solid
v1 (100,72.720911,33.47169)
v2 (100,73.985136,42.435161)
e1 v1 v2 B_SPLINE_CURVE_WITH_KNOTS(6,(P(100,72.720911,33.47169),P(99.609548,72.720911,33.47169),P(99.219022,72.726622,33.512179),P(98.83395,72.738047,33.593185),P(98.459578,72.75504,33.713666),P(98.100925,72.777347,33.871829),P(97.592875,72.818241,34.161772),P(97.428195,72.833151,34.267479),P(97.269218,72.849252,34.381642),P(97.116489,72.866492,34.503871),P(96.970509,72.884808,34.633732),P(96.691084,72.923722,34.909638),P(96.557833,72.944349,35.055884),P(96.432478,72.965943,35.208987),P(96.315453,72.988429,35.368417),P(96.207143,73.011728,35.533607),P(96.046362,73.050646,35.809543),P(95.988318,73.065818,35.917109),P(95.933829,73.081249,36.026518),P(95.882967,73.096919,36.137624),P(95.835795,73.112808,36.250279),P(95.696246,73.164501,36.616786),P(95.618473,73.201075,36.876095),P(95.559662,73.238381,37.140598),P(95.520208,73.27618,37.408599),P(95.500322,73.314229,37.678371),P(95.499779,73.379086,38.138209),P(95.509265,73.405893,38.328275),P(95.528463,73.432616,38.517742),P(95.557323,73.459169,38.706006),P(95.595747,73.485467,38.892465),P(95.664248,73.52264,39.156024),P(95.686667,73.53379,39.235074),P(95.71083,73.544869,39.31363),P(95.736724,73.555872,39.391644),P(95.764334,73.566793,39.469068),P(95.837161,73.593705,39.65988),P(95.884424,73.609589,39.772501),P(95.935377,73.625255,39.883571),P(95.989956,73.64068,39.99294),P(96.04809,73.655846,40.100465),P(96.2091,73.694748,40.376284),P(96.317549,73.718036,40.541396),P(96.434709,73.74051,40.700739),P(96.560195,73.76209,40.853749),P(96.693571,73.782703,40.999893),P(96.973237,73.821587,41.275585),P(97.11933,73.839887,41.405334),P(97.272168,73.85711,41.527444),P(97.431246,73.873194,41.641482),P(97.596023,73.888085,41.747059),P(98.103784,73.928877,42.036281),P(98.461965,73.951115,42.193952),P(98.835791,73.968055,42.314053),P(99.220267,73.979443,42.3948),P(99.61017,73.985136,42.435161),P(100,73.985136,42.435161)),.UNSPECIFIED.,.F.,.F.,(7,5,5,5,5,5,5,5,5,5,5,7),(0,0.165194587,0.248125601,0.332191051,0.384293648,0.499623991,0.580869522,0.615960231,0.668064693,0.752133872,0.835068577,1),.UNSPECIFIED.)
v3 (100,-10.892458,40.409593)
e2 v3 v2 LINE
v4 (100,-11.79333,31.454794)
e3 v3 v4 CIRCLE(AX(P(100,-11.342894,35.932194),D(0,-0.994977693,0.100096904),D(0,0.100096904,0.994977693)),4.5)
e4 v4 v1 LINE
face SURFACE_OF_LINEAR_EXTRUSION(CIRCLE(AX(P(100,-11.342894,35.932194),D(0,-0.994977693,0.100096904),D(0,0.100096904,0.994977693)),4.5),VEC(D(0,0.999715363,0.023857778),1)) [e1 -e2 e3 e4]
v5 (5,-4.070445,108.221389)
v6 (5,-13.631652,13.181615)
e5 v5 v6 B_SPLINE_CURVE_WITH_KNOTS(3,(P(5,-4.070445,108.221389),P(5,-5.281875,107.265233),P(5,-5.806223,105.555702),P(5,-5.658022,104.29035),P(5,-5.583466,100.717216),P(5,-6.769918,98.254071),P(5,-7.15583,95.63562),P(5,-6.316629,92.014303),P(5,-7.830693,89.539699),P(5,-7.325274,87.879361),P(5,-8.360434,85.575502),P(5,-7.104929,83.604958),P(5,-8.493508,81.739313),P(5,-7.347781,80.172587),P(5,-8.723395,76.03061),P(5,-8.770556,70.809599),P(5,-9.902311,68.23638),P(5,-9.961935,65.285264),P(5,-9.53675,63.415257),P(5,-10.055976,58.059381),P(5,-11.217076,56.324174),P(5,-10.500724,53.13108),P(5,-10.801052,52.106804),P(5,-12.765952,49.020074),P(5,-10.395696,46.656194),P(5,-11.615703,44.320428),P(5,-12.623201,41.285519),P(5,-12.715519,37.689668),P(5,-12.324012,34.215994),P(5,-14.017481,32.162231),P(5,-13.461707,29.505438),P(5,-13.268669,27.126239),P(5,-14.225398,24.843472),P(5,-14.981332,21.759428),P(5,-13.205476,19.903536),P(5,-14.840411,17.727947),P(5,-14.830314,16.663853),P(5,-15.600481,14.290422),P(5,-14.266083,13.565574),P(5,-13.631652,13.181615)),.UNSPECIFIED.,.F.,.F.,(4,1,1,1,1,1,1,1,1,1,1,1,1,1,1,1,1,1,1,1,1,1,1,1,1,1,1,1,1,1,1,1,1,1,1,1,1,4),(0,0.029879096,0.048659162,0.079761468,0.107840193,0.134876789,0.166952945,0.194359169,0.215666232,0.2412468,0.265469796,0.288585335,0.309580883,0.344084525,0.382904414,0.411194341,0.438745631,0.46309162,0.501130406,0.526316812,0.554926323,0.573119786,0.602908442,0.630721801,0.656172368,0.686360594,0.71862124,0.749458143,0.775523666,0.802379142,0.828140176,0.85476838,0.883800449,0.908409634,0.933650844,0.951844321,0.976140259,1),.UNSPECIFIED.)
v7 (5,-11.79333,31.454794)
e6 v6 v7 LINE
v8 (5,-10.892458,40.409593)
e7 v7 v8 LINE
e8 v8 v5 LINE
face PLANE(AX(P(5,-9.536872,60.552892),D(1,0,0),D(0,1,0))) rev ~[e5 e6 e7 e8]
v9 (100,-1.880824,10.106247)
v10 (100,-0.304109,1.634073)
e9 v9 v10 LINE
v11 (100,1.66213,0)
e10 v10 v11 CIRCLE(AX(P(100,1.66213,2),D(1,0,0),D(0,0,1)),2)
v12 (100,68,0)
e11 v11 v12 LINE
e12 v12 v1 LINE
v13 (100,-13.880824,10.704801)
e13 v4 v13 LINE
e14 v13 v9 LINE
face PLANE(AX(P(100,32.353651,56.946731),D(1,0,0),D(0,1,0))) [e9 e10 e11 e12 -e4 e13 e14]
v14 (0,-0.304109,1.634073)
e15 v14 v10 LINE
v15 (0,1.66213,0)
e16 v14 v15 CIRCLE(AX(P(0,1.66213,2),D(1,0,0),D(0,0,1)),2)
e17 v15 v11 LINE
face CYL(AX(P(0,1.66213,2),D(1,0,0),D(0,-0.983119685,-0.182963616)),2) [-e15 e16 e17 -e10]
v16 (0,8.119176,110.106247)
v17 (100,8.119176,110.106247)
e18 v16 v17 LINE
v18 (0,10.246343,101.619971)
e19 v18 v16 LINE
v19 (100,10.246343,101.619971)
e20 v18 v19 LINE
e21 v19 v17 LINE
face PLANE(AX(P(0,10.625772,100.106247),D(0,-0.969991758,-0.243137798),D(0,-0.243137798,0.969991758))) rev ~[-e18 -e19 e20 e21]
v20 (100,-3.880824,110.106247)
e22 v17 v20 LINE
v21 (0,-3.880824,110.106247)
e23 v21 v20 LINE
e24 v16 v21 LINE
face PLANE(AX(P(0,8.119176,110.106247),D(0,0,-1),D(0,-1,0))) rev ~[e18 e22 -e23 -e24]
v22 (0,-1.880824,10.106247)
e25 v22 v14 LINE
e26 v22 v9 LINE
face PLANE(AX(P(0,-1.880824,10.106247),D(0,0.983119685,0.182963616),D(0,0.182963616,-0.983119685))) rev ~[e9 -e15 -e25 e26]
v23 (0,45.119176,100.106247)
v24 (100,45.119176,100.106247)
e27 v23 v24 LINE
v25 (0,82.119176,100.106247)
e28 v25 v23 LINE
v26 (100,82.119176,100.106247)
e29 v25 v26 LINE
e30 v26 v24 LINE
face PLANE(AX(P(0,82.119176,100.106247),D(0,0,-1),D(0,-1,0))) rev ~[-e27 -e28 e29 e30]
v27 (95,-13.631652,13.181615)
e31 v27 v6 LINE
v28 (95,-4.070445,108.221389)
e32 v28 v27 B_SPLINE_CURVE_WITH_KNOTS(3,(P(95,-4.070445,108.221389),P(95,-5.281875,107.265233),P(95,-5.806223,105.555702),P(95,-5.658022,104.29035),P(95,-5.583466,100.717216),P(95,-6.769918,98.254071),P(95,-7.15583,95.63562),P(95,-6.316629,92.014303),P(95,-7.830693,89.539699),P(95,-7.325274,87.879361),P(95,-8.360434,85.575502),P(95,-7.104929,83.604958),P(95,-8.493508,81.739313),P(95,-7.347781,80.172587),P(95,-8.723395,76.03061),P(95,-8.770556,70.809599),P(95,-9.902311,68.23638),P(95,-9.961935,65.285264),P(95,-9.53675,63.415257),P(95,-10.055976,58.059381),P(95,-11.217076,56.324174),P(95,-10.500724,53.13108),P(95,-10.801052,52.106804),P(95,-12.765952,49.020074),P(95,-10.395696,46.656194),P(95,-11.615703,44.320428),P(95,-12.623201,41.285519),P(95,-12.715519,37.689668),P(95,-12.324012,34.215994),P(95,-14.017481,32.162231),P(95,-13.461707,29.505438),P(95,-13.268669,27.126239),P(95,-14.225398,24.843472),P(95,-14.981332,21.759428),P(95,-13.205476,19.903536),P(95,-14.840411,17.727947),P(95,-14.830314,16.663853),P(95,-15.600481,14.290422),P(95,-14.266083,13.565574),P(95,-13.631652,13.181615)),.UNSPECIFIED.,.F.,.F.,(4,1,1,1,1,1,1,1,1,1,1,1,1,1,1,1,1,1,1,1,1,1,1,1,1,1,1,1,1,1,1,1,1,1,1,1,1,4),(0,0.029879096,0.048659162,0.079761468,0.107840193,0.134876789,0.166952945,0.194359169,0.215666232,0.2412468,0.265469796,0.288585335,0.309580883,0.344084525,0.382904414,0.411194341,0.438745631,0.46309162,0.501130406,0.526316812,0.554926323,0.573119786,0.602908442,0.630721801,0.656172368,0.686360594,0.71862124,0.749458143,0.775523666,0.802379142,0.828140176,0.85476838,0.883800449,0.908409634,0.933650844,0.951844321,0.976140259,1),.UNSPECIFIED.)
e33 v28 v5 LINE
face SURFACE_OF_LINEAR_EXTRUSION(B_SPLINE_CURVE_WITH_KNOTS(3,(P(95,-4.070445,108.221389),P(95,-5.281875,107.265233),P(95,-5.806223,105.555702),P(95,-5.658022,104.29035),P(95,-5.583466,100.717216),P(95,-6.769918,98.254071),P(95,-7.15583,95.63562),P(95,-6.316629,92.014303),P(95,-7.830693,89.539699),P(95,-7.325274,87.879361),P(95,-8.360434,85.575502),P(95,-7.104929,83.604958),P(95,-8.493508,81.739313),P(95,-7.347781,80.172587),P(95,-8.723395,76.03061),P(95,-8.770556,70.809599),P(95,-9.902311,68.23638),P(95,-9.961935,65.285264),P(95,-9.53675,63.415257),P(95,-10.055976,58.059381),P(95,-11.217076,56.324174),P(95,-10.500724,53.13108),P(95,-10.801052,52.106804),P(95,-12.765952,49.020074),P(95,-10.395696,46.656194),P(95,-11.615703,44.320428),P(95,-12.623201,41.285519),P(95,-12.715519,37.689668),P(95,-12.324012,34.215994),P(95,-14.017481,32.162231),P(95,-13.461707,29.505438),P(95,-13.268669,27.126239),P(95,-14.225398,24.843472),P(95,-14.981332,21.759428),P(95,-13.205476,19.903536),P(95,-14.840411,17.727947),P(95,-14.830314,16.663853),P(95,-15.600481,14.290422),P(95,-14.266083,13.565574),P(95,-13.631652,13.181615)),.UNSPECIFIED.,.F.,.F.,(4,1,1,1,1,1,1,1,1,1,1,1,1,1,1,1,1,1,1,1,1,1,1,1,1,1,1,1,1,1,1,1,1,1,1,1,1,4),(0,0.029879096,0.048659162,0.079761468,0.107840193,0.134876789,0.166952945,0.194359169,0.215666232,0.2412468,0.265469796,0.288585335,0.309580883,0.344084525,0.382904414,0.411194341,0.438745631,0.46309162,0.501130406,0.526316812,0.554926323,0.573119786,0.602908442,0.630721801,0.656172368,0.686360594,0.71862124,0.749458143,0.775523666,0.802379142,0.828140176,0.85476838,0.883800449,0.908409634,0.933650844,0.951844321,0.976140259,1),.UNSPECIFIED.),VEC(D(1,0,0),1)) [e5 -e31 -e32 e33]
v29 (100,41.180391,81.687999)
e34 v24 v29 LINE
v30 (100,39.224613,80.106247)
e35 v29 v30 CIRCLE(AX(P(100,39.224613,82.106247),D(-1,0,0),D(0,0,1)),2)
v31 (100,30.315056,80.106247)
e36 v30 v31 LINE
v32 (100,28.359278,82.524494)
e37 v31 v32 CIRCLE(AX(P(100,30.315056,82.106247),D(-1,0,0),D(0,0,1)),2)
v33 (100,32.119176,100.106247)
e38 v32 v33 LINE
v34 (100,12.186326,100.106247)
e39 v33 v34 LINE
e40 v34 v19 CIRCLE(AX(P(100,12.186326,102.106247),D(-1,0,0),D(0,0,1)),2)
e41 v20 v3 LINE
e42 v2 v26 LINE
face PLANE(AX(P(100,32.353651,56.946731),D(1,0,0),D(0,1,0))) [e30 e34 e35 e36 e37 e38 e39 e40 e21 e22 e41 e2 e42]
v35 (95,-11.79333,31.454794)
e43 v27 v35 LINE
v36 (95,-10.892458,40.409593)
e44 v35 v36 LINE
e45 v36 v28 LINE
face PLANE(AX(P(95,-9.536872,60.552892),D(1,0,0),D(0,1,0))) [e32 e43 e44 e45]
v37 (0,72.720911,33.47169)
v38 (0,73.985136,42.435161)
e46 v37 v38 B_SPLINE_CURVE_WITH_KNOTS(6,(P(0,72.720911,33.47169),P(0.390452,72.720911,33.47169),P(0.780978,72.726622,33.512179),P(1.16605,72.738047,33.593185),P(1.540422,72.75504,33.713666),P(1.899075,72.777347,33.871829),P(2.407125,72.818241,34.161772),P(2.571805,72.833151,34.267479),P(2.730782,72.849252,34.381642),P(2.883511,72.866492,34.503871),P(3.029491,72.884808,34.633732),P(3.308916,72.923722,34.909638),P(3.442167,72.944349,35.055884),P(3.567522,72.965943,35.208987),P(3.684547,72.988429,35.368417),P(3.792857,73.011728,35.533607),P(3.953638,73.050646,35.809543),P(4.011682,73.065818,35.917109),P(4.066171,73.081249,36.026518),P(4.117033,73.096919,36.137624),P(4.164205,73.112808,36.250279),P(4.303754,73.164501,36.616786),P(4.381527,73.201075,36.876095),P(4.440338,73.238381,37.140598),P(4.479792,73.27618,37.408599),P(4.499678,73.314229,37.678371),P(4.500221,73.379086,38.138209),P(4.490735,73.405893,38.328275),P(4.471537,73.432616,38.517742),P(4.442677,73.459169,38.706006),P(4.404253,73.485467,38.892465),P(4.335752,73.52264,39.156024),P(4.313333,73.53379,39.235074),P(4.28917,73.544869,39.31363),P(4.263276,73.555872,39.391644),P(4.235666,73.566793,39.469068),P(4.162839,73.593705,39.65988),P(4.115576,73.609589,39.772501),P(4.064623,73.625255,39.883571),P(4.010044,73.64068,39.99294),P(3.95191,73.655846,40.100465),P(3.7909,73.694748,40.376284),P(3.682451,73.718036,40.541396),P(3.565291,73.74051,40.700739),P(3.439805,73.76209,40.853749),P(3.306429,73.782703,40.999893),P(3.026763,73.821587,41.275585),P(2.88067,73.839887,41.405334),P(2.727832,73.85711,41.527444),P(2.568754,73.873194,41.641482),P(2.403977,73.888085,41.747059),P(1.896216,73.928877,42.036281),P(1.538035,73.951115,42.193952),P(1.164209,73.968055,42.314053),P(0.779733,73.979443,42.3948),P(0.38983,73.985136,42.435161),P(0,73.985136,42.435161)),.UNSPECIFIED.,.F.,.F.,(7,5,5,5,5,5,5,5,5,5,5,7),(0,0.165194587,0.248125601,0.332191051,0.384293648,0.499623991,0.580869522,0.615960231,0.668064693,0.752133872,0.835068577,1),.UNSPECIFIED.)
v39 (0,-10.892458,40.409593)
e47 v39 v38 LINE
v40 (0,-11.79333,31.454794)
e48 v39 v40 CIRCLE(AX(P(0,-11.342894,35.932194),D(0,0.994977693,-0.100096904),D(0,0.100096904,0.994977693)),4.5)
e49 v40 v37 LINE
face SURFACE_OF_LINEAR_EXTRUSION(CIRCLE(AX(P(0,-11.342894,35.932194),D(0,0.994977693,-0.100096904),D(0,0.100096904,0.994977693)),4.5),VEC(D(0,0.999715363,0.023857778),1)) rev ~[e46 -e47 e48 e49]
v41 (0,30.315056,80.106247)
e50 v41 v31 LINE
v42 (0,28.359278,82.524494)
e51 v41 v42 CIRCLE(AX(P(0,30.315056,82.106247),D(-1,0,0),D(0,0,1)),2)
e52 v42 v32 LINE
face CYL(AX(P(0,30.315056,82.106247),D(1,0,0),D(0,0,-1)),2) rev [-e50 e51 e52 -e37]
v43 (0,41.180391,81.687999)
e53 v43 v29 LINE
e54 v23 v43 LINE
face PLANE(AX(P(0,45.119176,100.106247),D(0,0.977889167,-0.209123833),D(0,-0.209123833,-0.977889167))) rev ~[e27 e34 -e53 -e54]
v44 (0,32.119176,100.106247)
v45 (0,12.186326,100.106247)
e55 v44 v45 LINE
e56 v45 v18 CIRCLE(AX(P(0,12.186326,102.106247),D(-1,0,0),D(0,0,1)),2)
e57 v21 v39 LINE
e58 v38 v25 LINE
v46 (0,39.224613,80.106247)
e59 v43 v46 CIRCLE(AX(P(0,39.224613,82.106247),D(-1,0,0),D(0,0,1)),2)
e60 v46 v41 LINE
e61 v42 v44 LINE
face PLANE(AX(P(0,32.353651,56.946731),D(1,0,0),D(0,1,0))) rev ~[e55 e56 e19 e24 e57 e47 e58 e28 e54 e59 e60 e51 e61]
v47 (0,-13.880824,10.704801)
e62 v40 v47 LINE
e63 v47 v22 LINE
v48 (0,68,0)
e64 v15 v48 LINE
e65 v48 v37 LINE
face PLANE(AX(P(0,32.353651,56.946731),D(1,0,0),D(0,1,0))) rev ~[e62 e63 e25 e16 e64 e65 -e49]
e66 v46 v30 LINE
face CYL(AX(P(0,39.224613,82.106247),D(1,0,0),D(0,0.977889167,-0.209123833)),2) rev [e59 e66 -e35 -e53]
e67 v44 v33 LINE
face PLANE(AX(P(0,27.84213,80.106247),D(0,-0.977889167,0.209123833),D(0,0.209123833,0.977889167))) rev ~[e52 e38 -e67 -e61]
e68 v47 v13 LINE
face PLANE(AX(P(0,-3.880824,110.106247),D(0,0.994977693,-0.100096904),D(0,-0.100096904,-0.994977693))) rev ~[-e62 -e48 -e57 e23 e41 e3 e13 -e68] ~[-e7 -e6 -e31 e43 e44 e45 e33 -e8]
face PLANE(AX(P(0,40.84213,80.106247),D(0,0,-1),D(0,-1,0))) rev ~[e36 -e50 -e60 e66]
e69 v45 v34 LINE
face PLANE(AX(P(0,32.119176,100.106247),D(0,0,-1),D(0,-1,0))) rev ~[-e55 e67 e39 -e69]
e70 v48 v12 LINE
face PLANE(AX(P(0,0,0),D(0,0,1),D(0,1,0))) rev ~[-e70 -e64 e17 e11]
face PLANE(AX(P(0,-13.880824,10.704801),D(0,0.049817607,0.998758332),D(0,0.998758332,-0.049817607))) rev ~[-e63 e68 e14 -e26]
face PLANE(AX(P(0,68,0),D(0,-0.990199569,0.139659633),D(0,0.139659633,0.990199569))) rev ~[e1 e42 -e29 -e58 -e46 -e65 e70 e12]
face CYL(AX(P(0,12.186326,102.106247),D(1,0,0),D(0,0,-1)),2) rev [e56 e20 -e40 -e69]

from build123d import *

# Parameters (mm, degrees)
F1_DEPTH  = 100
F2_R      = 2
F11_DEPTH = 90


with BuildPart() as f1:
    # F0 (on Right) → F1 (new body)
    with BuildSketch(Plane.YZ):
        Polygon((-1.8808243613, 10.1062467694), (0, 0), (68, 0), (82.1191756387, 100.1062467694), (45.1191756387, 100.1062467694), (40.842129928, 80.1062467694), (27.842129928, 80.1062467694), (32.1191756387, 100.1062467694), (10.6257721782, 100.1062467694), (8.1191756387, 110.1062467694), (-3.8808243613, 110.1062467694), (-13.8808243613, 10.7048012534), align=None)
    extrude(amount=F1_DEPTH)

    # F2
    f2_edges = [f1.edges().sort_by_distance(p)[0] for p in [
        (50, 10.625772, 100.106247),
        (50, 27.84213, 80.106247),
        (50, 40.84213, 80.106247),
        (50, 0, 0),
    ]]
    fillet(f2_edges, radius=F2_R)

    # F7: F5 across plane


with BuildPart() as f5:
    # F5: sweep along a path in F3
    with BuildLine(Plane.YZ.offset(100)) as f5_path:
        Line((-11.3428942395, 35.9321935264), (89.6662888766, 38.3427343632))
    # F4 (on face) → F5 (sweep)
    with BuildSketch(Plane(origin=(0, -14.8078829384, 1.4897049899), x_dir=(1, 0, 0), z_dir=(0, -0.9949776931, 0.1000969038))):
        with BuildLine():
            Line((100, 30.1163424306), (100, 34.6163424306))
            Line((100, 34.6163424306), (100, 39.1163424306))
            ThreePointArc((100, 39.1163424306), (95.5, 34.6163424306), (100, 30.1163424306))
        make_face()
    sweep(path=f5_path.line)


with BuildPart() as f1_1:
    add(f1.part)
    add(f5.part.mirror(Plane(origin=(50, 32.6792061975, 50.8936948359), x_dir=(0, 1, 0), z_dir=(-1, 0, 0))), mode=Mode.SUBTRACT)

    # F8: cut F5
    add(f5.part, mode=Mode.SUBTRACT)

    # F10 (on offset) → F11 (join)
    with BuildSketch(Plane.YZ.offset(95)):
        with BuildLine():
            Line((-10.8924581723, 40.4095931455), (-4.0704451453, 108.2213887669))
            add(Edge.make_bspline(
                [(-4.0704451453, 108.2213887669), (-5.2818750987, 107.2652325923), (-5.8062226875, 105.5557023979), (-5.658021607, 104.2903504465), (-5.5834659955, 100.7172156397), (-6.7699177117, 98.254071368), (-7.1558295463, 95.6356202608), (-6.3166292081, 92.0143031231), (-7.8306933622, 89.5396988158), (-7.3252736764, 87.8793605238), (-8.3604343376, 85.5755017553), (-7.1049285811, 83.6049578304), (-8.4935079911, 81.7393134187), (-7.3477812132, 80.1725871686), (-8.7233950038, 76.0306096961), (-8.7705557834, 70.8095994077), (-9.9023105275, 68.236379614), (-9.9619352212, 65.2852635456), (-9.5367496656, 63.4152571815), (-10.0559760456, 58.0593808128), (-11.2170759932, 56.3241743932), (-10.5007244312, 53.1310801328), (-10.8010516507, 52.1068044028), (-12.76595245, 49.0200741426), (-10.3956962967, 46.6561944579), (-11.6157032129, 44.3204280643), (-12.6232007158, 41.2855192815), (-12.7155192329, 37.6896680406), (-12.3240120389, 34.2159943916), (-14.0174805543, 32.1622311957), (-13.4617073995, 29.5054383825), (-13.2686685319, 27.1262388048), (-14.2253981122, 24.8434715764), (-14.9813315476, 21.759428345), (-13.2054762946, 19.9035363997), (-14.840411162, 17.7279465808), (-14.8303141567, 16.6638532036), (-15.6004805739, 14.2904216029), (-14.2660826735, 13.5655737252), (-13.6316515739, 13.1816147791)],
                knots=[0, 0, 0, 0, 0.0298790956, 0.0486591617, 0.0797614677, 0.1078401931, 0.1348767888, 0.1669529447, 0.1943591686, 0.2156662325, 0.2412468, 0.2654697964, 0.2885853345, 0.3095808828, 0.3440845249, 0.3829044138, 0.4111943409, 0.4387456308, 0.4630916204, 0.5011304057, 0.5263168116, 0.5549263228, 0.5731197857, 0.6029084417, 0.6307218007, 0.656172368, 0.6863605943, 0.71862124, 0.7494581432, 0.7755236663, 0.8023791425, 0.8281401763, 0.8547683802, 0.8838004488, 0.9084096344, 0.9336508444, 0.9518443215, 0.9761402593, 1, 1, 1, 1], degree=3))
            Line((-13.6316515739, 13.1816147791), (-11.7933303067, 31.4547939073))
            Line((-11.7933303067, 31.4547939073), (-10.8924581723, 40.4095931455))
        make_face()
    extrude(amount=-F11_DEPTH)


solid = f1_1.part
